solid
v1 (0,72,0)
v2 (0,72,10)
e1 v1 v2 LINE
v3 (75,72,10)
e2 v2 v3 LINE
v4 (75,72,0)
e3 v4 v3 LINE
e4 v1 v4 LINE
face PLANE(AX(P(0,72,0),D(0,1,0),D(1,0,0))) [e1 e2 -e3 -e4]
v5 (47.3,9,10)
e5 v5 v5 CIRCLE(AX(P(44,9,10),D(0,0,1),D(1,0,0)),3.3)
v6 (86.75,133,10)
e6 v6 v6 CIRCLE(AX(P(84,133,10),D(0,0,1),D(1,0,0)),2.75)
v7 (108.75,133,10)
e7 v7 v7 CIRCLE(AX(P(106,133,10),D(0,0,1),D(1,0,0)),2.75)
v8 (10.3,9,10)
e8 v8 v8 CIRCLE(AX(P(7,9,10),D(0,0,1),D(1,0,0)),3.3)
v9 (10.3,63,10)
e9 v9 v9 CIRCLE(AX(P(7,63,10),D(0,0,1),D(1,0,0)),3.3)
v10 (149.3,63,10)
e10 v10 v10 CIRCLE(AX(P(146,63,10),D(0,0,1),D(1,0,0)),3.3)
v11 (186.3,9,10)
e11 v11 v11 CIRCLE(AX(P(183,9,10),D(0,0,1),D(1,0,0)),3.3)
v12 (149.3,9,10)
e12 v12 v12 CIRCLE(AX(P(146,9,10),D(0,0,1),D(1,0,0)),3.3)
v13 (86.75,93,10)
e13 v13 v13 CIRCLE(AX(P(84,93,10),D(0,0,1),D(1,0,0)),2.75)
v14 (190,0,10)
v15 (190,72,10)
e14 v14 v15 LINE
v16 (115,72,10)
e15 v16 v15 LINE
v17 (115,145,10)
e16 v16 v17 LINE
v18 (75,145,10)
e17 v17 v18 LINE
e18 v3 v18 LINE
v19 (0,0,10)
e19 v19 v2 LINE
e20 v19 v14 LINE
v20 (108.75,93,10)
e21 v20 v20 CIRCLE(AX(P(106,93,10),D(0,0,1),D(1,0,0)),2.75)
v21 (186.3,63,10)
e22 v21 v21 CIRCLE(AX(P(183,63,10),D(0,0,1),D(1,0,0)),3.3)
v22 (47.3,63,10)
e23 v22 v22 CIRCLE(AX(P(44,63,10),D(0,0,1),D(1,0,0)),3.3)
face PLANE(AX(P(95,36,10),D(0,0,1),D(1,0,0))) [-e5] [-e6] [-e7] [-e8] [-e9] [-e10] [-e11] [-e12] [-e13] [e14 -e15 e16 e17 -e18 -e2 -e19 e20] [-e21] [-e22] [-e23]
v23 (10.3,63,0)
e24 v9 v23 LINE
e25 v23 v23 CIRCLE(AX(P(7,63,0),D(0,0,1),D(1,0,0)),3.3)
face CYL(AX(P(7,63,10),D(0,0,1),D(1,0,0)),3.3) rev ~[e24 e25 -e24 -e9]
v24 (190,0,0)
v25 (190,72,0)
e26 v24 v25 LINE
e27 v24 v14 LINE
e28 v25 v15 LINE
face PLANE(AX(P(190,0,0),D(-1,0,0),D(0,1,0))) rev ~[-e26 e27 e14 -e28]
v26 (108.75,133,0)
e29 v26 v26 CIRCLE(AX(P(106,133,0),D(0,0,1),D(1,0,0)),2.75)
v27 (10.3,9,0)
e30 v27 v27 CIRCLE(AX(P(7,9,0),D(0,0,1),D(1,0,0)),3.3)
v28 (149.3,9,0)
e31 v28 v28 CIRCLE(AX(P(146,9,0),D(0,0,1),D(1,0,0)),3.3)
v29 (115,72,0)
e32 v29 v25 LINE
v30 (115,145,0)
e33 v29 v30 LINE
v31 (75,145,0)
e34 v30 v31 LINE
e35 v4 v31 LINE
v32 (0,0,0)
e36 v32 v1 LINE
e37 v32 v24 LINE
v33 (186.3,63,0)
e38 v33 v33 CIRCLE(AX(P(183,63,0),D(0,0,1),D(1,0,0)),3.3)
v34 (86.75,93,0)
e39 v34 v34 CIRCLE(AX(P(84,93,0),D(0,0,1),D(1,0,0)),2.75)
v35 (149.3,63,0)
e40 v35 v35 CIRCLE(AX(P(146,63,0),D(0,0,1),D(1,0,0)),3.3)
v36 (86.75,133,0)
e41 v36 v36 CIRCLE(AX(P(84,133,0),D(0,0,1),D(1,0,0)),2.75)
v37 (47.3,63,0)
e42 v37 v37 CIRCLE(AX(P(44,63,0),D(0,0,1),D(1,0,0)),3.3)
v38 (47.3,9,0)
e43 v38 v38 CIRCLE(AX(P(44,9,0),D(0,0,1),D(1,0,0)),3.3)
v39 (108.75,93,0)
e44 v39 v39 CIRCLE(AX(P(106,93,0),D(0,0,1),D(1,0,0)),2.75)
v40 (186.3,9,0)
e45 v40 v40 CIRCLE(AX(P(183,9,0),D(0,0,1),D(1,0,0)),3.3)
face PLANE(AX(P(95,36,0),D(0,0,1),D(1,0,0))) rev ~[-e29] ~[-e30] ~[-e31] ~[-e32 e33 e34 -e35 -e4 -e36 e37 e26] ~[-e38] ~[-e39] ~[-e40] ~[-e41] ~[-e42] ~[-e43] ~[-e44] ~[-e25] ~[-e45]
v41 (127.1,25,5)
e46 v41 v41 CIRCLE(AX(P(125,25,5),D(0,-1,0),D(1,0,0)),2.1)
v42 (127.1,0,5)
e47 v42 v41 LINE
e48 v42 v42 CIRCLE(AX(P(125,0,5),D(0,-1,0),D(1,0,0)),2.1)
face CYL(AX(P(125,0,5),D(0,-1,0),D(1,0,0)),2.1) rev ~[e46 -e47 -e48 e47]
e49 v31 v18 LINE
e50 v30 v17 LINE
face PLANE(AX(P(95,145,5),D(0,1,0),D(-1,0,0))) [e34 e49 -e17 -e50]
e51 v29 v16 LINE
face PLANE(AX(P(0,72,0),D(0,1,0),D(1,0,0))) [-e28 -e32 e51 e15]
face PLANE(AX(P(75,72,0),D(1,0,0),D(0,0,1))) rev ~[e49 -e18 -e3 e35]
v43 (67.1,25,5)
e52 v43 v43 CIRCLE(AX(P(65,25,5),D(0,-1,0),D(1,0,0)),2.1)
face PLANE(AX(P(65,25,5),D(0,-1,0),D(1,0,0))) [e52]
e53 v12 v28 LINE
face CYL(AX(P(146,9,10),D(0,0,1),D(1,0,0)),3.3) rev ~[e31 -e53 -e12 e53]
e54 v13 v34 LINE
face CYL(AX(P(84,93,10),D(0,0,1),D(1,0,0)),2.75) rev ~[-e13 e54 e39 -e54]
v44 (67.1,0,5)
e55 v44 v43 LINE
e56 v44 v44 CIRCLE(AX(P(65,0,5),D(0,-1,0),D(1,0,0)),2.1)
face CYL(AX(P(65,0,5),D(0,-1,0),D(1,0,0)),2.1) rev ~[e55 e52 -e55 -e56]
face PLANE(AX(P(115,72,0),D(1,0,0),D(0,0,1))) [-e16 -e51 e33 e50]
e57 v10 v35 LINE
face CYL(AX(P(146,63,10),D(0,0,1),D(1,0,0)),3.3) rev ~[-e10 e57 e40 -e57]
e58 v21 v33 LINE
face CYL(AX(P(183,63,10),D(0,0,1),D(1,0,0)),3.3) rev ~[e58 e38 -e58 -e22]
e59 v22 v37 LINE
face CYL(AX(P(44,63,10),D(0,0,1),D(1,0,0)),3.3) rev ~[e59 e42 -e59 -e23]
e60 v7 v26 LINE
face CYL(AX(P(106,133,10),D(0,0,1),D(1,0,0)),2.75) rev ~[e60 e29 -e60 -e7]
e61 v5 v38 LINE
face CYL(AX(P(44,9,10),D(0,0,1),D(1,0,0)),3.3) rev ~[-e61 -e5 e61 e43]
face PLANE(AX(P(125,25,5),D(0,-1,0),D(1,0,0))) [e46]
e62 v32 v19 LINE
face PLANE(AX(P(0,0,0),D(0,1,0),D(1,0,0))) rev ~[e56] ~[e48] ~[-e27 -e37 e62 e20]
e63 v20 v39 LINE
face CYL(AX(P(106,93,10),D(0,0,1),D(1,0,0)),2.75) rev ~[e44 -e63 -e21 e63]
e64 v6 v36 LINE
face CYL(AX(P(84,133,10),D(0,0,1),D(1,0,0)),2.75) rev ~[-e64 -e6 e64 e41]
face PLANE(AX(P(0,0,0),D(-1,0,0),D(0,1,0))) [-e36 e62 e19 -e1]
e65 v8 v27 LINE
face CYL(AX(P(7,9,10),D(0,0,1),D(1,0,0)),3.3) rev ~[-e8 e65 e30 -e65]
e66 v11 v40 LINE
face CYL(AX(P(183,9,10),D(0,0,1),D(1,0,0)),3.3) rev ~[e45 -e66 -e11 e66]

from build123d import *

# Parameters (mm, degrees)
SKETCH_W               = 190
SKETCH_H               = 72
PAD_DEPTH              = 10
SKETCH001_W            = 40
SKETCH001_H            = 10
PAD001_DEPTH           = 73
SKETCH002_R            = 3.3
HOLE_DEPTH             = 10.001
LINEARPATTERN_COUNT    = 2
LINEARPATTERN_PITCH    = 37
LINEARPATTERN001_COUNT = 2
LINEARPATTERN001_PITCH = 139
LINEARPATTERN002_COUNT = 2
LINEARPATTERN002_PITCH = 176
SKETCH003_R            = 3.3
HOLE001_DEPTH          = 10.001
LINEARPATTERN003_COUNT = 2
LINEARPATTERN003_PITCH = 37
LINEARPATTERN004_COUNT = 2
LINEARPATTERN004_PITCH = 139
LINEARPATTERN005_COUNT = 2
LINEARPATTERN005_PITCH = 176
SKETCH004_R            = 2.75
HOLE002_DEPTH          = 10.001
LINEARPATTERN006_COUNT = 2
LINEARPATTERN006_PITCH = 22
LINEARPATTERN007_COUNT = 2
LINEARPATTERN007_PITCH = 40
SKETCH005_R            = 2.75
HOLE003_DEPTH          = 10.001
SKETCH006_R            = 2.1
HOLE004_DEPTH          = 25
LINEARPATTERN008_COUNT = 2
LINEARPATTERN008_PITCH = 60


with BuildPart() as part:
    # Sketch → Pad (new body)
    with BuildSketch(Plane.XY):
        with Locations((95, 36)):
            Rectangle(SKETCH_W, SKETCH_H)
    extrude(amount=PAD_DEPTH)

    # Sketch001 (on Face3 of Pad) → Pad001 (join)
    with BuildSketch(Plane(origin=(0, 72, 0), x_dir=(-1, 0, 0), z_dir=(0, 1, 0))):
        with Locations((-95, 5)):
            Rectangle(SKETCH001_W, SKETCH001_H)
    extrude(amount=PAD001_DEPTH)

    # Sketch002 (on Face5 of Pad001) → Hole (cut, through all)
    with BuildSketch(Plane.XY.offset(10)):
        with Locations((7, 9)):
            Circle(SKETCH002_R)
    hole = extrude(amount=-HOLE_DEPTH, mode=Mode.SUBTRACT)

    # LinearPattern: Hole ×2
    with Locations(*[(i * LINEARPATTERN_PITCH, 0, 0) for i in range(1, LINEARPATTERN_COUNT)]):
        add(hole, mode=Mode.SUBTRACT)

    # LinearPattern001: Hole ×2
    with Locations(*[(i * LINEARPATTERN001_PITCH, 0, 0) for i in range(1, LINEARPATTERN001_COUNT)]):
        add(hole, mode=Mode.SUBTRACT)

    # LinearPattern002: Hole ×2
    with Locations(*[(i * LINEARPATTERN002_PITCH, 0, 0) for i in range(1, LINEARPATTERN002_COUNT)]):
        add(hole, mode=Mode.SUBTRACT)

    # Sketch003 (on Face5 of LinearPattern002) → Hole001 (cut, through all)
    with BuildSketch(Plane.XY.offset(10)):
        with Locations((7, 63)):
            Circle(SKETCH003_R)
    hole001 = extrude(amount=-HOLE001_DEPTH, mode=Mode.SUBTRACT)

    # LinearPattern003: Hole001 ×2
    with Locations(*[(i * LINEARPATTERN003_PITCH, 0, 0) for i in range(1, LINEARPATTERN003_COUNT)]):
        add(hole001, mode=Mode.SUBTRACT)

    # LinearPattern004: Hole001 ×2
    with Locations(*[(i * LINEARPATTERN004_PITCH, 0, 0) for i in range(1, LINEARPATTERN004_COUNT)]):
        add(hole001, mode=Mode.SUBTRACT)

    # LinearPattern005: Hole001 ×2
    with Locations(*[(i * LINEARPATTERN005_PITCH, 0, 0) for i in range(1, LINEARPATTERN005_COUNT)]):
        add(hole001, mode=Mode.SUBTRACT)

    # Sketch004 (on Face17 of LinearPattern005) → Hole002 (cut, through all)
    with BuildSketch(Plane.XY.offset(10)):
        with Locations((84, 93)):
            Circle(SKETCH004_R)
    hole002 = extrude(amount=-HOLE002_DEPTH, mode=Mode.SUBTRACT)

    # LinearPattern006: Hole002 ×2
    with Locations(*[(i * LINEARPATTERN006_PITCH, 0, 0) for i in range(1, LINEARPATTERN006_COUNT)]):
        add(hole002, mode=Mode.SUBTRACT)

    # LinearPattern007: Hole002 ×2
    with Locations(*[(0, i * LINEARPATTERN007_PITCH, 0) for i in range(1, LINEARPATTERN007_COUNT)]):
        add(hole002, mode=Mode.SUBTRACT)

    # Sketch005 (on Face17 of LinearPattern007) → Hole003 (cut, through all)
    with BuildSketch(Plane.XY.offset(10)):
        with Locations((106, 133)):
            Circle(SKETCH005_R)
    extrude(amount=-HOLE003_DEPTH, mode=Mode.SUBTRACT)

    # Sketch006 (on Face1 of Hole003) → Hole004 (cut)
    with BuildSketch(Plane.XZ):
        with Locations((65, 5)):
            Circle(SKETCH006_R)
    hole004 = extrude(amount=-HOLE004_DEPTH, mode=Mode.SUBTRACT)

    # LinearPattern008: Hole004 ×2
    with Locations(*[(i * LINEARPATTERN008_PITCH, 0, 0) for i in range(1, LINEARPATTERN008_COUNT)]):
        add(hole004, mode=Mode.SUBTRACT)


solid = part.part
